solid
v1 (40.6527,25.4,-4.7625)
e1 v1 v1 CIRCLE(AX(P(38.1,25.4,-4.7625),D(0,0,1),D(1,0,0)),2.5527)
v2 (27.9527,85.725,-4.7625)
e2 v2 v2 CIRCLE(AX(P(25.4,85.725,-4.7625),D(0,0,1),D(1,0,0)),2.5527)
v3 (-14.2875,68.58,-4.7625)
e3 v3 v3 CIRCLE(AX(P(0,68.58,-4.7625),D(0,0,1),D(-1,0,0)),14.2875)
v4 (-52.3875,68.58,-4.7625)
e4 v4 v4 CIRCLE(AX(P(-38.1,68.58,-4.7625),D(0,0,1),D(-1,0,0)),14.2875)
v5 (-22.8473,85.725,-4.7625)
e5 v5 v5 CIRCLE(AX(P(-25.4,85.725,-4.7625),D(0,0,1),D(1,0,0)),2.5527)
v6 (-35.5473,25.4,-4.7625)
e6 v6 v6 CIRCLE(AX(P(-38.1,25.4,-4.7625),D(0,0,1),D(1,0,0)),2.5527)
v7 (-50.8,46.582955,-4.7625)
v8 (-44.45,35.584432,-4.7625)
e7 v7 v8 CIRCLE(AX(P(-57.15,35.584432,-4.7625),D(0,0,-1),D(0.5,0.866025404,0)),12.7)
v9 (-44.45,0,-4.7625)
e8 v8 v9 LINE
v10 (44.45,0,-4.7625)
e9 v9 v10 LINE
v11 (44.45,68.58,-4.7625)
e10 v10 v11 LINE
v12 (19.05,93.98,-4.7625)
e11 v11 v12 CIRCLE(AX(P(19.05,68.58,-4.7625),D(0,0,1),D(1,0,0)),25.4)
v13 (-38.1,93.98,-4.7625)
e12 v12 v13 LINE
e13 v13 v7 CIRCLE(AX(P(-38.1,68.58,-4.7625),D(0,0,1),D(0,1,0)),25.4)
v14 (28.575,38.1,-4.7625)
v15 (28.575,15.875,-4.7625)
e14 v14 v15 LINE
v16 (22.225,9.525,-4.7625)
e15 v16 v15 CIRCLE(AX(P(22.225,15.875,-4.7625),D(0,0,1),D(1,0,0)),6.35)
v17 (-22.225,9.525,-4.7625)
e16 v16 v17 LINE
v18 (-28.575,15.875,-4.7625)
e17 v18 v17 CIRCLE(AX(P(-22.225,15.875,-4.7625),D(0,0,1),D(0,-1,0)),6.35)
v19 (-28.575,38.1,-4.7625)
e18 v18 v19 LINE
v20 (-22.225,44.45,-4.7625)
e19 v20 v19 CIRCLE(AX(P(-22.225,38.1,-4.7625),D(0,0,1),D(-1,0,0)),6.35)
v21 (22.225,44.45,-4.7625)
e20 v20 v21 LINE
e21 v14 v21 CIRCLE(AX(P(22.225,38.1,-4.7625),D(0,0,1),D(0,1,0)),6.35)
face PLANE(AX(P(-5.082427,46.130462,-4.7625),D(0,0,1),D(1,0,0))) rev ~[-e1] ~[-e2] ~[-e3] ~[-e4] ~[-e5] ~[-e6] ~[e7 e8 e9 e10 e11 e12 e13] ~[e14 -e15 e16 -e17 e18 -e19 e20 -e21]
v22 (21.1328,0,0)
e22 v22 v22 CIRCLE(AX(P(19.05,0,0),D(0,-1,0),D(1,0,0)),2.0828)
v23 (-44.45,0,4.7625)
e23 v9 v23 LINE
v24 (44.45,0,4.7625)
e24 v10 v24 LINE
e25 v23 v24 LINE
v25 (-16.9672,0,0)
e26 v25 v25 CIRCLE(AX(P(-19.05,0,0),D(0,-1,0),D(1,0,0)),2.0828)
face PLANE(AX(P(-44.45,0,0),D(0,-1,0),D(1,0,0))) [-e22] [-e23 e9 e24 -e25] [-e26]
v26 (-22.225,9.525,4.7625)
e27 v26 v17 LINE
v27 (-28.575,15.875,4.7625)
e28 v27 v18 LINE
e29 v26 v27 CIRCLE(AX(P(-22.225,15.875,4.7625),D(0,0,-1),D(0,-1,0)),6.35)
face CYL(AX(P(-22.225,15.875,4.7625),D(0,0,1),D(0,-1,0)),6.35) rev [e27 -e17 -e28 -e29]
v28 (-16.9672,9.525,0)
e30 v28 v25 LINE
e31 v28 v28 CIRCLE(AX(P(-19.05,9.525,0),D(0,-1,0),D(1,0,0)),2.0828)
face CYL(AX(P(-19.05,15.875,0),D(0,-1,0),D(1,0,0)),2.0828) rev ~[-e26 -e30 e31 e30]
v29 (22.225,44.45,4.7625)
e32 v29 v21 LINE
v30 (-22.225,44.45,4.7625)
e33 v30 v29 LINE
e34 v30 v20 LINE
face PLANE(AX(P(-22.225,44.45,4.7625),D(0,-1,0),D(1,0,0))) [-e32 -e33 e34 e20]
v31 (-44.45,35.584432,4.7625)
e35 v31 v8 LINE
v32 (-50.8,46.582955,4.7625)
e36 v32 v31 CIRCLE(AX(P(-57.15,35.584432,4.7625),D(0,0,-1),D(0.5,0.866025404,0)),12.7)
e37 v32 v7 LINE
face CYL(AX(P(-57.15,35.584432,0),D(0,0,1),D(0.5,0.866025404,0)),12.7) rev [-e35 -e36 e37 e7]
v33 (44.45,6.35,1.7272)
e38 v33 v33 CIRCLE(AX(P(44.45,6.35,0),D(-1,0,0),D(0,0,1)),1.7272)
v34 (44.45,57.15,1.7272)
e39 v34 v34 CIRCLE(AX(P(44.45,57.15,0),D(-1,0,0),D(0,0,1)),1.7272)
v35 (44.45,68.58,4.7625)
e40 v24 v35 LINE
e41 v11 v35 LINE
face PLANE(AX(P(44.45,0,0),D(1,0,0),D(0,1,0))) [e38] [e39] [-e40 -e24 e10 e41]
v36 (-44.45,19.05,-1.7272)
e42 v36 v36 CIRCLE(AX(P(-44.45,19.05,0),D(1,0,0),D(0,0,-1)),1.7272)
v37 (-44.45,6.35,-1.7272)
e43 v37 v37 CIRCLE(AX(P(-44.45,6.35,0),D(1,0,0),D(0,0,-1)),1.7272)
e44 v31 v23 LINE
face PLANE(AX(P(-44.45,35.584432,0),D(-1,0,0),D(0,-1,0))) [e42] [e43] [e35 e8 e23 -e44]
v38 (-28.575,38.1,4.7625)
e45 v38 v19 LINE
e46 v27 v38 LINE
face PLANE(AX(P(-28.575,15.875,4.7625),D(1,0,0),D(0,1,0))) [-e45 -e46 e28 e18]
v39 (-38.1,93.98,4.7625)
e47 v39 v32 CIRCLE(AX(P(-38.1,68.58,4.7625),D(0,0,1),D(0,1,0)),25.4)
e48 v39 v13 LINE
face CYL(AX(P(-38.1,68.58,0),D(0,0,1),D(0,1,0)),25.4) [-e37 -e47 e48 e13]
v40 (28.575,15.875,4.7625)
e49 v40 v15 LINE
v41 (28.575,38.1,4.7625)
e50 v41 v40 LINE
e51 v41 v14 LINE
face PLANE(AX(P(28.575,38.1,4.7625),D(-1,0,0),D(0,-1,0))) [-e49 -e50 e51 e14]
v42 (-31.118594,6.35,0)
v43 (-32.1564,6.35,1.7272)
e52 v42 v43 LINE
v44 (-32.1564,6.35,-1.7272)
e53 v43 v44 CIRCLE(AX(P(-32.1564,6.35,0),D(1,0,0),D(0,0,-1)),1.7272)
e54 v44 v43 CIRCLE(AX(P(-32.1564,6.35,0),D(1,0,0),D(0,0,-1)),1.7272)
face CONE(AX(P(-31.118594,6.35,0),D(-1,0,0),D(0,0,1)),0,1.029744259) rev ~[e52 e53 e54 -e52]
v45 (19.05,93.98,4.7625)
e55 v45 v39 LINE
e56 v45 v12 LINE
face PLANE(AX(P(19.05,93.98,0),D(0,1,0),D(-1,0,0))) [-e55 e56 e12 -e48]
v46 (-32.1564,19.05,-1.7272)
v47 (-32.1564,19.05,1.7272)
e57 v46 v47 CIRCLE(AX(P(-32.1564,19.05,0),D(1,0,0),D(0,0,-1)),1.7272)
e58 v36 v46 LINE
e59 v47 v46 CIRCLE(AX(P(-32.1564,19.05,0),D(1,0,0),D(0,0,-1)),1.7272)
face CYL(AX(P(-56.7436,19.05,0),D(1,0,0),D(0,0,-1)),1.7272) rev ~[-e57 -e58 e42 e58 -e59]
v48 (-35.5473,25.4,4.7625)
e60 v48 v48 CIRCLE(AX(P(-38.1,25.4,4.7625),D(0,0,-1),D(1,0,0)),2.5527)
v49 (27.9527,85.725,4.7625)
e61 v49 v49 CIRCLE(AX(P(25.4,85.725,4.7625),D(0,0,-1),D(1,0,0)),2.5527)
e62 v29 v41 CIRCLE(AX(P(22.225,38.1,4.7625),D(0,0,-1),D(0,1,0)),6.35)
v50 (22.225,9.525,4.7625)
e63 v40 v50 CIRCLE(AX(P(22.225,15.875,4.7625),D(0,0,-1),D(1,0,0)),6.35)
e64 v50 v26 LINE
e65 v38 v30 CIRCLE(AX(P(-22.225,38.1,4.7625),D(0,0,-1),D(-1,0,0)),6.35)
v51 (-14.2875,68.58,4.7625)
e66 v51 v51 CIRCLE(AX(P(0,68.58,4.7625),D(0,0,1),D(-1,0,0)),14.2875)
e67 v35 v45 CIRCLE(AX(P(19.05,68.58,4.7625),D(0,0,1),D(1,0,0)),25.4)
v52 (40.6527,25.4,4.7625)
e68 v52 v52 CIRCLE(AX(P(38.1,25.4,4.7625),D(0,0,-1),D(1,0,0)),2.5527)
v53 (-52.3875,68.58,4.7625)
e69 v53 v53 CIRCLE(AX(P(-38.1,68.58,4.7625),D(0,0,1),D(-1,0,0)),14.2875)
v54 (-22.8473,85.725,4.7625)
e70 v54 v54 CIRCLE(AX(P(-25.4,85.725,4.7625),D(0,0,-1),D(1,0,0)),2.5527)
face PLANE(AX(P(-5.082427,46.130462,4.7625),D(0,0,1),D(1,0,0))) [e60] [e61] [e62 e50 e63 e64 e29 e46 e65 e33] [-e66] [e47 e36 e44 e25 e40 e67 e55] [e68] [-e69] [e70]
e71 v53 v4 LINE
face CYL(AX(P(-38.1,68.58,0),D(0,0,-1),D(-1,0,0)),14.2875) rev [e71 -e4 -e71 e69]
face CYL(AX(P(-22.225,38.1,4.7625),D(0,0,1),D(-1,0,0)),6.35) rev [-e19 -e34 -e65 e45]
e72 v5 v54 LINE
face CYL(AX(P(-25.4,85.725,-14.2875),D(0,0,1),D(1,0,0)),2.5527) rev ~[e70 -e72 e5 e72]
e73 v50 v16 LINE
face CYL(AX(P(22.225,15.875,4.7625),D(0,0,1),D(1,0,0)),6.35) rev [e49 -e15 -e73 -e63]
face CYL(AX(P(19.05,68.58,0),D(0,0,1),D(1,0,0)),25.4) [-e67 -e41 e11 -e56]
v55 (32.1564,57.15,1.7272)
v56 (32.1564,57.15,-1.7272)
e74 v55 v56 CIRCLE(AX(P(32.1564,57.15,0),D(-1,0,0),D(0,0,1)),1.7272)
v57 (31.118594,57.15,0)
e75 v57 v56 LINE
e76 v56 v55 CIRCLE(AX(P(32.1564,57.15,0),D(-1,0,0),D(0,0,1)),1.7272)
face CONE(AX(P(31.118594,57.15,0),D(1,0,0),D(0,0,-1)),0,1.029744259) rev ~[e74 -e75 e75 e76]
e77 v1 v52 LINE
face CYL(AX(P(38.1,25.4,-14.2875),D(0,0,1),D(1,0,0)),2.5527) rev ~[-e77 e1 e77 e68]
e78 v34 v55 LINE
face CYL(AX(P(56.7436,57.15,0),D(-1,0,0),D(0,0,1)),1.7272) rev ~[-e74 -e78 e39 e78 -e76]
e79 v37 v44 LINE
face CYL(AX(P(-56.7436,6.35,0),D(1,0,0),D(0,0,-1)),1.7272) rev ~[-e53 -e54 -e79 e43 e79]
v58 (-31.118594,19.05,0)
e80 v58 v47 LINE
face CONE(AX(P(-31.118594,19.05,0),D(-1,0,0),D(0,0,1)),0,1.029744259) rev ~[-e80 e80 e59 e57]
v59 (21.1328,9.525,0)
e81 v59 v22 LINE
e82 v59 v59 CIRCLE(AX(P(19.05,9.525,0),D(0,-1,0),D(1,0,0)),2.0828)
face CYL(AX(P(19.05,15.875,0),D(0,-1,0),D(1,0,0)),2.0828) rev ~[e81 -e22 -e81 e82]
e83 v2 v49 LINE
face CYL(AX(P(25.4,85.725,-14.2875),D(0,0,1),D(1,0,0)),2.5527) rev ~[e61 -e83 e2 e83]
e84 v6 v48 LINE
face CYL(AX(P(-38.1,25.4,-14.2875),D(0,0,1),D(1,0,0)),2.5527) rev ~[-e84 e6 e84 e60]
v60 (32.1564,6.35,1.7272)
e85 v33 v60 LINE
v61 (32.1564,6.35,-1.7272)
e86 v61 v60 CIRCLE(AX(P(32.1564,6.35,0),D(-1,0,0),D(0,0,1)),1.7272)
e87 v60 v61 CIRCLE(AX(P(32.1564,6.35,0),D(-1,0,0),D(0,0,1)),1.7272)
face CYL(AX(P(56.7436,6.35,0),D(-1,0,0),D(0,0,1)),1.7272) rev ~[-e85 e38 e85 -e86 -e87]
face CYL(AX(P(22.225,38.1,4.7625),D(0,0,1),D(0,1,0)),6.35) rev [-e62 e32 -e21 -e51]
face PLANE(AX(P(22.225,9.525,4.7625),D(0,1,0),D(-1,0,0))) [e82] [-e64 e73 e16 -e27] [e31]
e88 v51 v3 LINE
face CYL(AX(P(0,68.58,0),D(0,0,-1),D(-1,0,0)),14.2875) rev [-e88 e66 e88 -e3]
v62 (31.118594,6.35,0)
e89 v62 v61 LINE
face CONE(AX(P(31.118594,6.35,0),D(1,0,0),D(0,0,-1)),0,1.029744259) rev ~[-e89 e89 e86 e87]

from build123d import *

# Parameters (mm, degrees)
SKETCH1_R                       = 14.2875
BOSS_EXTRUDE1_DEPTH             = 4.7625
F_8_32_TAPPED_HOLE1_D           = 3.4544
F_8_32_TAPPED_HOLE1_DEPTH       = 19.05
F_8_32_TAPPED_HOLE1_CBORE_D     = 4.1656
F_8_32_TAPPED_HOLE1_CBORE_DEPTH = 15.875
F_8_32_TAPPED_HOLE1_TIP         = 1.037806461
F_8_32_TAPPED_HOLE2_D           = 3.4544
F_8_32_TAPPED_HOLE2_DEPTH       = 12.2936
F_8_32_TAPPED_HOLE2_TIP         = 1.037806461
CUT_EXTRUDE2_DEPTH              = 114.820982358
F_8_32_TAPPED_HOLE3_D           = 3.4544
F_8_32_TAPPED_HOLE3_DEPTH       = 12.2936
F_8_32_TAPPED_HOLE3_TIP         = 1.037806461
F_10_CLEARANCE_HOLE1_D          = 5.1054
F_10_CLEARANCE_HOLE1_DEPTH      = 9.525
F_10_CLEARANCE_HOLE1_TIP        = 1.533816902


with BuildPart() as part:
    # Sketch1 → Boss-Extrude1 (new, symmetric)
    with BuildSketch(Plane.XY):
        with BuildLine():
            Line((-44.45, 35.584432116), (-44.45, 0))
            Line((-44.45, 0), (44.45, 0))
            Line((44.45, 0), (44.45, 68.58))
            ThreePointArc((44.45, 68.58), (37.010512242, 86.540512242), (19.05, 93.98))
            Line((19.05, 93.98), (-38.1, 93.98))
            ThreePointArc((-38.1, 93.98), (-62.634515988, 75.154003746), (-50.8, 46.582954744))
            ThreePointArc((-50.8, 46.582954744), (-46.151477372, 41.934432116), (-44.45, 35.584432116))
        make_face()
        with Locations(Location((0, 68.58, 0), (0, 0, 180))):
            Circle(SKETCH1_R, mode=Mode.SUBTRACT)
        with Locations(Location((-38.1, 68.58, 0), (0, 0, 180))):
            Circle(SKETCH1_R, mode=Mode.SUBTRACT)
    extrude(amount=BOSS_EXTRUDE1_DEPTH, both=True)

    # #8-32 Tapped Hole1
    with Locations(Plane.XZ):
        with Locations((-19.05, 0), (19.05, 0)):
            CounterBoreHole(F_8_32_TAPPED_HOLE1_D / 2, F_8_32_TAPPED_HOLE1_CBORE_D / 2, F_8_32_TAPPED_HOLE1_CBORE_DEPTH, depth=F_8_32_TAPPED_HOLE1_DEPTH)
            with Locations((0, 0, -(F_8_32_TAPPED_HOLE1_DEPTH + F_8_32_TAPPED_HOLE1_TIP / 2))):  # 118° drill point
                Cone(0, F_8_32_TAPPED_HOLE1_D / 2, F_8_32_TAPPED_HOLE1_TIP, mode=Mode.SUBTRACT)

    # #8-32 Tapped Hole2
    with Locations(Plane(origin=(-44.45, 3.933791499, -1.696886329), x_dir=(0, 0, 1), z_dir=(-1, 0, 0))):
        with Locations((1.696886329, 15.116208501), (1.696886329, 2.416208501)):
            Hole(F_8_32_TAPPED_HOLE2_D / 2, depth=F_8_32_TAPPED_HOLE2_DEPTH)
            with Locations((0, 0, -(F_8_32_TAPPED_HOLE2_DEPTH + F_8_32_TAPPED_HOLE2_TIP / 2))):  # 118° drill point
                Cone(0, F_8_32_TAPPED_HOLE2_D / 2, F_8_32_TAPPED_HOLE2_TIP, mode=Mode.SUBTRACT)

    # Sketch7 → Cut-Extrude2 (cut, through all)
    with BuildSketch(Plane.XY.offset(4.7625)):
        with BuildLine():
            Line((-22.225, 44.45), (22.225, 44.45))
            ThreePointArc((22.225, 44.45), (26.715128061, 42.590128061), (28.575, 38.1))
            Line((28.575, 38.1), (28.575, 15.875))
            ThreePointArc((28.575, 15.875), (26.715128061, 11.384871939), (22.225, 9.525))
            Line((22.225, 9.525), (-22.225, 9.525))
            ThreePointArc((-22.225, 9.525), (-26.715128061, 11.384871939), (-28.575, 15.875))
            Line((-28.575, 15.875), (-28.575, 38.1))
            ThreePointArc((-28.575, 38.1), (-26.715128061, 42.590128061), (-22.225, 44.45))
        make_face()
    extrude(amount=-CUT_EXTRUDE2_DEPTH, mode=Mode.SUBTRACT)

    # #8-32 Tapped Hole3
    with Locations(Plane(origin=(44.45, 0, 0), x_dir=(0, 0, -1), z_dir=(1, 0, 0))):
        with Locations((0, 6.35), (0, 57.15)):
            Hole(F_8_32_TAPPED_HOLE3_D / 2, depth=F_8_32_TAPPED_HOLE3_DEPTH)
            with Locations((0, 0, -(F_8_32_TAPPED_HOLE3_DEPTH + F_8_32_TAPPED_HOLE3_TIP / 2))):  # 118° drill point
                Cone(0, F_8_32_TAPPED_HOLE3_D / 2, F_8_32_TAPPED_HOLE3_TIP, mode=Mode.SUBTRACT)

    # #10 Clearance Hole1
    with Locations(Plane(origin=(0, 0, -4.7625), x_dir=(-1, 0, 0), z_dir=(0, 0, -1))):
        with Locations((-25.4, 85.725), (25.4, 85.725), (38.1, 25.4), (-38.1, 25.4)):
            Hole(F_10_CLEARANCE_HOLE1_D / 2, depth=F_10_CLEARANCE_HOLE1_DEPTH)
            with Locations((0, 0, -(F_10_CLEARANCE_HOLE1_DEPTH + F_10_CLEARANCE_HOLE1_TIP / 2))):  # 118° drill point
                Cone(0, F_10_CLEARANCE_HOLE1_D / 2, F_10_CLEARANCE_HOLE1_TIP, mode=Mode.SUBTRACT)


solid = part.part
